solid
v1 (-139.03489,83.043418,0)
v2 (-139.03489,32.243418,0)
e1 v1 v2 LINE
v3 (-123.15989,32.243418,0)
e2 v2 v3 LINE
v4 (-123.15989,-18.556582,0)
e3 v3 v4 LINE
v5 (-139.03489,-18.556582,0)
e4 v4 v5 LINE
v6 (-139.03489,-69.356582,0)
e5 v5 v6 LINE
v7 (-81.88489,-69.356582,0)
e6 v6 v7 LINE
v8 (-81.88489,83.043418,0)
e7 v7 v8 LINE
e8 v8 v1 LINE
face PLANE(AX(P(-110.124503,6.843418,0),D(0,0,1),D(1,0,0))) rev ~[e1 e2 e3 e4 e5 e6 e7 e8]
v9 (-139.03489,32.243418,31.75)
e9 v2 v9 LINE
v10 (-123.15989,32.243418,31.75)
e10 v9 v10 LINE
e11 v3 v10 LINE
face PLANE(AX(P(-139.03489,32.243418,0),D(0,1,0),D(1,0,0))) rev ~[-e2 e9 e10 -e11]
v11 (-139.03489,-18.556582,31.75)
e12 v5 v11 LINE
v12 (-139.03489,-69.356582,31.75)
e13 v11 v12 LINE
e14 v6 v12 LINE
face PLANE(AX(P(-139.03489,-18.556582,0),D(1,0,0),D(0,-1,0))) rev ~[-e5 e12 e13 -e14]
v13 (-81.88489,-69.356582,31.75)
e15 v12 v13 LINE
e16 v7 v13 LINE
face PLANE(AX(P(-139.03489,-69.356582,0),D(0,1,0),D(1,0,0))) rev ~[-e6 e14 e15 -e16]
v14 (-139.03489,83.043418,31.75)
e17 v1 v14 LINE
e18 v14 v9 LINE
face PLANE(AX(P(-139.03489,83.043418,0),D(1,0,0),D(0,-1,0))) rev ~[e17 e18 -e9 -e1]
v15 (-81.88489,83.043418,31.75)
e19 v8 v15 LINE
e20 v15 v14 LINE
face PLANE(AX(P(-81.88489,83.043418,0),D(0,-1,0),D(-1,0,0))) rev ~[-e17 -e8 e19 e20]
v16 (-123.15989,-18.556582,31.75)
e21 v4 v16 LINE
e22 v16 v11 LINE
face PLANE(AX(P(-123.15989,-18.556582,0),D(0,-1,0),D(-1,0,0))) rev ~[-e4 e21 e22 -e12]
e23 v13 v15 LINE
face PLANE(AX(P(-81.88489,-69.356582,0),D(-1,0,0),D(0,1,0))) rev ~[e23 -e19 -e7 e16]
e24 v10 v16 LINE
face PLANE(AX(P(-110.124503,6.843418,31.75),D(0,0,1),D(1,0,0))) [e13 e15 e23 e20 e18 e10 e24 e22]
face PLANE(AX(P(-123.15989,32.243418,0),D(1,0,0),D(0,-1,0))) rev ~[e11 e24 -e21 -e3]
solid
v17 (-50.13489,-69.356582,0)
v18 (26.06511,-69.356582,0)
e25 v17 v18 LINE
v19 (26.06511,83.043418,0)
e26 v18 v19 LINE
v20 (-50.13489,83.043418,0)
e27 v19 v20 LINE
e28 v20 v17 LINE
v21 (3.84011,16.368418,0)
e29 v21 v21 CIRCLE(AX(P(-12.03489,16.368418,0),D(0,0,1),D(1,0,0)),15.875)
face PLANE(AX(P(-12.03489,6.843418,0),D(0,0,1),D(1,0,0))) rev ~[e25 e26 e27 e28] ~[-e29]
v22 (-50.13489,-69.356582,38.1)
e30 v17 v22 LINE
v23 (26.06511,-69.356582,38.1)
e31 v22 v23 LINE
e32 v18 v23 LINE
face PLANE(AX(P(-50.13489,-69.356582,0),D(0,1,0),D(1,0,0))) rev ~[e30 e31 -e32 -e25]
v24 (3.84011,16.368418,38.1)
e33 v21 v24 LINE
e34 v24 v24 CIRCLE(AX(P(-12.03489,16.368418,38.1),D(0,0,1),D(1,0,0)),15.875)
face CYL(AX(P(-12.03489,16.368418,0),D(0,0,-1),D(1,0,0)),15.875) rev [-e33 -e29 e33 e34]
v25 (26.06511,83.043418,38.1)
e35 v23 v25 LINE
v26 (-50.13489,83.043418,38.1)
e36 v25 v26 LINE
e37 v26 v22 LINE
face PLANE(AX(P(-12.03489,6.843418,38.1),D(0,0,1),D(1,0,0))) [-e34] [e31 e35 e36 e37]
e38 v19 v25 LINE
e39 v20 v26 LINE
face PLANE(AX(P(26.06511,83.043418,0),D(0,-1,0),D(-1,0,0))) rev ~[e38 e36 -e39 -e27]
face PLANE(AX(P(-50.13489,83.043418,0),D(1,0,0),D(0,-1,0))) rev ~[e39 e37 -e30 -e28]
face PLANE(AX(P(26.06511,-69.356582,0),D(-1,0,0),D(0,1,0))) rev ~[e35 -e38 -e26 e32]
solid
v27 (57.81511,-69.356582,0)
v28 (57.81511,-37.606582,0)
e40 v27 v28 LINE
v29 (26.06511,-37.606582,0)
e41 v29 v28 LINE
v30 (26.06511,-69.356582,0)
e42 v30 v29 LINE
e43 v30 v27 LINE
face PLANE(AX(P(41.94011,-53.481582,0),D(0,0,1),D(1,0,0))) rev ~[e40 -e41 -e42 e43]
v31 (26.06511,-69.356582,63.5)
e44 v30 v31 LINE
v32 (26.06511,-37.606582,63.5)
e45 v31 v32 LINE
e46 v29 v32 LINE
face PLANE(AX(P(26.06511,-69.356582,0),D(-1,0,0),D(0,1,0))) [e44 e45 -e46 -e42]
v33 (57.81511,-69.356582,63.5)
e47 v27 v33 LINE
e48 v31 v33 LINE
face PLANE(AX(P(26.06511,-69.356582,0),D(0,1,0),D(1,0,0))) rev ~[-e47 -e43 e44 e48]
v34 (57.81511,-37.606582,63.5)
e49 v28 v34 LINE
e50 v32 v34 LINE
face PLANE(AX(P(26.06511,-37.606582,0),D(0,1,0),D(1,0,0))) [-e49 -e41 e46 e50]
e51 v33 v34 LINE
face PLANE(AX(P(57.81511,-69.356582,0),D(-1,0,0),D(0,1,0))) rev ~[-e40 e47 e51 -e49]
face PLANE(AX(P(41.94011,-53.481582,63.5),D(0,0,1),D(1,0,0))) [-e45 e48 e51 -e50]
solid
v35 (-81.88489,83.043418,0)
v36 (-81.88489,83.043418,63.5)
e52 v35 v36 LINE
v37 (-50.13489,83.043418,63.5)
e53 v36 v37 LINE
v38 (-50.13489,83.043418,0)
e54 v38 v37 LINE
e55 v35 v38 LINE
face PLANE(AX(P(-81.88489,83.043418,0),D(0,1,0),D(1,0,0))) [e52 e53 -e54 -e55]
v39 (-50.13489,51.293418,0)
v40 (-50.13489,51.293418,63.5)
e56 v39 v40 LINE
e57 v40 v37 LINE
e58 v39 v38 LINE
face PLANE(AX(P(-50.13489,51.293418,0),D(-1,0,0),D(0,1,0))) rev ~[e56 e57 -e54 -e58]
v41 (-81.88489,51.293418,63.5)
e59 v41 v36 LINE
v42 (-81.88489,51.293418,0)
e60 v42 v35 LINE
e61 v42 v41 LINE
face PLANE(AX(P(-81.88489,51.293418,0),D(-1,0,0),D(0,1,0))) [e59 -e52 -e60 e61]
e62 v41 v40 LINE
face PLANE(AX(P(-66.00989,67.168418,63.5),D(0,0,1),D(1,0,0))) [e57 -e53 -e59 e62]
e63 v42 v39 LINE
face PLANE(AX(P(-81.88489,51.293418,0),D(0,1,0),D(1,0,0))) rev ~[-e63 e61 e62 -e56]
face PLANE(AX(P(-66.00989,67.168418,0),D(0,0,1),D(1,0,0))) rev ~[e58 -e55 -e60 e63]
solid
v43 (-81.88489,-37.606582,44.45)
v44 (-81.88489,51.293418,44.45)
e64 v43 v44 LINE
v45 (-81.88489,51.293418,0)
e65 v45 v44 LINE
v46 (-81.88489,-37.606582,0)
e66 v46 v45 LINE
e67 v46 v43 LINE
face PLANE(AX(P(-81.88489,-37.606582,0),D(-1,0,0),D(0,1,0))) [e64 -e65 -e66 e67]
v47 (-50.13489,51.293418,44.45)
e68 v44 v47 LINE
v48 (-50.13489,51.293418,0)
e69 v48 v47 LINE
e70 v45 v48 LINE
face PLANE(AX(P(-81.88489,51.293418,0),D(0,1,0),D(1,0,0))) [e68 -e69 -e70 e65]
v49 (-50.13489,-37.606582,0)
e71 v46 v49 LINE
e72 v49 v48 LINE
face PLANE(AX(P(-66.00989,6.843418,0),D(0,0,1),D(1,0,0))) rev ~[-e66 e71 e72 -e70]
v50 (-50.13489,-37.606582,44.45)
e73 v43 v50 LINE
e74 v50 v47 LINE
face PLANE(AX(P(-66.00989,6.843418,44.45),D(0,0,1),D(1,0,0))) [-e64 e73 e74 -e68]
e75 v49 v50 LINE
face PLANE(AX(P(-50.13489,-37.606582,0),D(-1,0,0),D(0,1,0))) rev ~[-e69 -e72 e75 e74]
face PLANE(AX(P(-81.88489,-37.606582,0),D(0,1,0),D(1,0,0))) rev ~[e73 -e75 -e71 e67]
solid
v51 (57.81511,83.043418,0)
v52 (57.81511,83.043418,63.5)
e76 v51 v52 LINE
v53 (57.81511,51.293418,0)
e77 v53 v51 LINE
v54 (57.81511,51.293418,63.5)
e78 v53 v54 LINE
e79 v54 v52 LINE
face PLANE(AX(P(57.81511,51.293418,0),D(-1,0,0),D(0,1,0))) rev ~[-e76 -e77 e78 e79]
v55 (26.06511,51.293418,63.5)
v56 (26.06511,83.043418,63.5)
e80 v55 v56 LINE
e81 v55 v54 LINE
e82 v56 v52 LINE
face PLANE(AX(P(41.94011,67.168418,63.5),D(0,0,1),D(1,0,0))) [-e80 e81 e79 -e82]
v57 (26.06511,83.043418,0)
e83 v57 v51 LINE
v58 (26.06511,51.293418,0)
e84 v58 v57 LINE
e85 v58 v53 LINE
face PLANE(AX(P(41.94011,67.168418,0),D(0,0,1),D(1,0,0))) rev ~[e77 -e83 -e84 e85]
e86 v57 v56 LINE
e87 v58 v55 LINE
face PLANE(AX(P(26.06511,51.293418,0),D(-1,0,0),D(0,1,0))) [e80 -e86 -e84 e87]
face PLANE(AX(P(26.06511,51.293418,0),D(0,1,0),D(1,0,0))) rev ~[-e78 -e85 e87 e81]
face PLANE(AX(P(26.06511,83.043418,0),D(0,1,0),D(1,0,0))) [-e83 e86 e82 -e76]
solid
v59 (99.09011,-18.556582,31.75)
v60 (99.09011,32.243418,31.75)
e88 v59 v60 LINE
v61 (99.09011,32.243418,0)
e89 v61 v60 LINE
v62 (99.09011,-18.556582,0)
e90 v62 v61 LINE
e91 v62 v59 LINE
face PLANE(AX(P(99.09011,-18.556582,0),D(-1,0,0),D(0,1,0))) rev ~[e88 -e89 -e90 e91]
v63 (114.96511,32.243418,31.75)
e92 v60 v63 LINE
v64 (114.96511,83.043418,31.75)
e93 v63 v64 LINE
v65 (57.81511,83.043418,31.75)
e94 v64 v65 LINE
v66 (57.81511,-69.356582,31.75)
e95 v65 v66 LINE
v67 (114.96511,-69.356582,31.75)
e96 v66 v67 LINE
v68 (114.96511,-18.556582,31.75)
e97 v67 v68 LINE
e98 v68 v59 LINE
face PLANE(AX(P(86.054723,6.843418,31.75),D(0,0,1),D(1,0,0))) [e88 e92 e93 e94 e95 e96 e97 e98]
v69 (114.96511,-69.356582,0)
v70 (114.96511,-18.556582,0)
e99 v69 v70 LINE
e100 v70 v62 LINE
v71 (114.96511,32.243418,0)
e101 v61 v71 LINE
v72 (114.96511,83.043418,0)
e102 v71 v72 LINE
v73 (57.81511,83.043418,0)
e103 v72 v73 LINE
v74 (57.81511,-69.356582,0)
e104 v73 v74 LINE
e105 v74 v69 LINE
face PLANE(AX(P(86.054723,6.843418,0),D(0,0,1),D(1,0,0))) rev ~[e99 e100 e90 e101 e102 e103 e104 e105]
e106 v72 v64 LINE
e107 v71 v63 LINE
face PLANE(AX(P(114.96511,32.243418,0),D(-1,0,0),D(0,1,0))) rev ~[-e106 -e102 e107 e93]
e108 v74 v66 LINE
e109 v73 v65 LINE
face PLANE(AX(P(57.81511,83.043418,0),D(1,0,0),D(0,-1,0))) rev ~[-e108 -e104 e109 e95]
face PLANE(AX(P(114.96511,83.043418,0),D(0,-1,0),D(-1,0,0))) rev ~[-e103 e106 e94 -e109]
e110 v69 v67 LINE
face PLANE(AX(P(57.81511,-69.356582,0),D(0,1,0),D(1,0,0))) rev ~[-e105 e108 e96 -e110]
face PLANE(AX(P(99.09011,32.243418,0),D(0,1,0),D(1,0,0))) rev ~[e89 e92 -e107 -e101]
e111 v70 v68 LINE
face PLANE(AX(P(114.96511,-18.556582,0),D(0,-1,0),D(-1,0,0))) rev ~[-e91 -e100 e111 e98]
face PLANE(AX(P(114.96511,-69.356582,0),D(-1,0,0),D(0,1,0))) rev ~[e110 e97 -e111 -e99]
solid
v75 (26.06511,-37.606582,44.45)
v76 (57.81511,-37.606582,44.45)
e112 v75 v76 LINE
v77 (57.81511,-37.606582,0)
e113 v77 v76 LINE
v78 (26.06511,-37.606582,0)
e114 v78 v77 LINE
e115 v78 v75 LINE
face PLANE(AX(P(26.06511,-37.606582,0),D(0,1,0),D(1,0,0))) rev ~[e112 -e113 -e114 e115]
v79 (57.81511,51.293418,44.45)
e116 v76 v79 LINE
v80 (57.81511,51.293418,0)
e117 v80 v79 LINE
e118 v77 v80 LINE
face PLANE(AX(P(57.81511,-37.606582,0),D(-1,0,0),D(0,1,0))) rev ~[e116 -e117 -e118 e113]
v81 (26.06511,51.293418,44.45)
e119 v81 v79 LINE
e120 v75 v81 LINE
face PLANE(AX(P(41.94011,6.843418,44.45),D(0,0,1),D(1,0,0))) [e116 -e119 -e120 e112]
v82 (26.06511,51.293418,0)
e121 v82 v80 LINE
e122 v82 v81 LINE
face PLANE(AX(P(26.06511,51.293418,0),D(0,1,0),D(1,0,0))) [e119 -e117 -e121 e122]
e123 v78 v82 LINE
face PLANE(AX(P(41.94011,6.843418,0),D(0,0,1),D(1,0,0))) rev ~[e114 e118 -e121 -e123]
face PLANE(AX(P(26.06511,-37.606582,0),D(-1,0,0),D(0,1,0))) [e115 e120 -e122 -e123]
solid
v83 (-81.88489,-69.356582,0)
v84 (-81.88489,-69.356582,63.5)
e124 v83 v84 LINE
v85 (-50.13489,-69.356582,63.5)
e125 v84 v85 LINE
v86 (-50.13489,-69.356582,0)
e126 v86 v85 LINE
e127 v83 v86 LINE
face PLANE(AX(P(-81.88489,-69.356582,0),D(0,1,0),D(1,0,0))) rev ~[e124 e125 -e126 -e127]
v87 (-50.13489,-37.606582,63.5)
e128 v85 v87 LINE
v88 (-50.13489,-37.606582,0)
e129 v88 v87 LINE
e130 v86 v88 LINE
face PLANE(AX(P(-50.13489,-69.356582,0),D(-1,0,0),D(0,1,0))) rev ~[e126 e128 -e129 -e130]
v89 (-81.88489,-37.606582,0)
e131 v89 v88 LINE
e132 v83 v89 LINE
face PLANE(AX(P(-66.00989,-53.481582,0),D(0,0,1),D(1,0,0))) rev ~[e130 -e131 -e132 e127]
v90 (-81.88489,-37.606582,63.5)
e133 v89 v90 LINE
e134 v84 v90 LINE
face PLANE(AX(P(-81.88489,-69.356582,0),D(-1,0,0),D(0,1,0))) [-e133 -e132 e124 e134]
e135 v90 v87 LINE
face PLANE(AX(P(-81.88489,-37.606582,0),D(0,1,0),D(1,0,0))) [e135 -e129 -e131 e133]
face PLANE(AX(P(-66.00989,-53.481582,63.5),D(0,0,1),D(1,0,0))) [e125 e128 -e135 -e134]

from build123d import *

# Parameters (mm, degrees)
F1_DEPTH = 31.75
F0_R     = 15.875
F2_DEPTH = 38.1
F0_W     = 31.75
F0_H     = 88.9
F3_DEPTH = 44.45
F0_H_2   = 31.75
F4_DEPTH = 63.5


with BuildPart() as f1:
    # F0 (on Top) → F1 (new body)
    with BuildSketch(Plane.XY):
        Polygon((-81.88489, 83.043418), (-139.03489, 83.043418), (-139.03489, 32.243418), (-123.15989, 32.243418), (-123.15989, -18.556582), (-139.03489, -18.556582), (-139.03489, -69.356582), (-81.88489, -69.356582), (-81.88489, -37.606582), (-81.88489, 51.293418), align=None)
        Polygon((114.96511, 83.043418), (57.81511, 83.043418), (57.81511, 51.293418), (57.81511, -37.606582), (57.81511, -69.356582), (114.96511, -69.356582), (114.96511, -18.556582), (99.09011, -18.556582), (99.09011, 32.243418), (114.96511, 32.243418), align=None)
    extrude(amount=F1_DEPTH)


with BuildPart() as f2:
    # F0 (on Top) → F2 (new body)
    with BuildSketch(Plane.XY):
        Polygon((26.06511, 83.043418), (-50.13489, 83.043418), (-50.13489, 51.293418), (-50.13489, -37.606582), (-50.13489, -69.356582), (26.06511, -69.356582), (26.06511, -37.606582), (26.06511, 51.293418), align=None)
        with Locations((-12.03489, 16.368418)):
            Circle(F0_R, mode=Mode.SUBTRACT)
    extrude(amount=F2_DEPTH)


with BuildPart() as f3:
    # F0 (on Top) → F3 (new body)
    with BuildSketch(Plane.XY):
        with Locations((-66.00989, 6.843418)):
            Rectangle(F0_W, F0_H)
        with Locations((41.94011, 6.843418)):
            Rectangle(F0_W, F0_H)
    extrude(amount=F3_DEPTH)


with BuildPart() as f4:
    # F0 (on Top) → F4 (new body)
    with BuildSketch(Plane.XY):
        with Locations((-66.00989, 67.168418)):
            Rectangle(F0_W, F0_H_2)
        with Locations((-66.00989, -53.481582)):
            Rectangle(F0_W, F0_H_2)
        with Locations((41.94011, 67.168418)):
            Rectangle(F0_W, F0_H_2)
        with Locations((41.94011, -53.481582)):
            Rectangle(F0_W, F0_H_2)
    extrude(amount=F4_DEPTH)


solid = Compound([f1.part, f2.part, f3.part, f4.part])
